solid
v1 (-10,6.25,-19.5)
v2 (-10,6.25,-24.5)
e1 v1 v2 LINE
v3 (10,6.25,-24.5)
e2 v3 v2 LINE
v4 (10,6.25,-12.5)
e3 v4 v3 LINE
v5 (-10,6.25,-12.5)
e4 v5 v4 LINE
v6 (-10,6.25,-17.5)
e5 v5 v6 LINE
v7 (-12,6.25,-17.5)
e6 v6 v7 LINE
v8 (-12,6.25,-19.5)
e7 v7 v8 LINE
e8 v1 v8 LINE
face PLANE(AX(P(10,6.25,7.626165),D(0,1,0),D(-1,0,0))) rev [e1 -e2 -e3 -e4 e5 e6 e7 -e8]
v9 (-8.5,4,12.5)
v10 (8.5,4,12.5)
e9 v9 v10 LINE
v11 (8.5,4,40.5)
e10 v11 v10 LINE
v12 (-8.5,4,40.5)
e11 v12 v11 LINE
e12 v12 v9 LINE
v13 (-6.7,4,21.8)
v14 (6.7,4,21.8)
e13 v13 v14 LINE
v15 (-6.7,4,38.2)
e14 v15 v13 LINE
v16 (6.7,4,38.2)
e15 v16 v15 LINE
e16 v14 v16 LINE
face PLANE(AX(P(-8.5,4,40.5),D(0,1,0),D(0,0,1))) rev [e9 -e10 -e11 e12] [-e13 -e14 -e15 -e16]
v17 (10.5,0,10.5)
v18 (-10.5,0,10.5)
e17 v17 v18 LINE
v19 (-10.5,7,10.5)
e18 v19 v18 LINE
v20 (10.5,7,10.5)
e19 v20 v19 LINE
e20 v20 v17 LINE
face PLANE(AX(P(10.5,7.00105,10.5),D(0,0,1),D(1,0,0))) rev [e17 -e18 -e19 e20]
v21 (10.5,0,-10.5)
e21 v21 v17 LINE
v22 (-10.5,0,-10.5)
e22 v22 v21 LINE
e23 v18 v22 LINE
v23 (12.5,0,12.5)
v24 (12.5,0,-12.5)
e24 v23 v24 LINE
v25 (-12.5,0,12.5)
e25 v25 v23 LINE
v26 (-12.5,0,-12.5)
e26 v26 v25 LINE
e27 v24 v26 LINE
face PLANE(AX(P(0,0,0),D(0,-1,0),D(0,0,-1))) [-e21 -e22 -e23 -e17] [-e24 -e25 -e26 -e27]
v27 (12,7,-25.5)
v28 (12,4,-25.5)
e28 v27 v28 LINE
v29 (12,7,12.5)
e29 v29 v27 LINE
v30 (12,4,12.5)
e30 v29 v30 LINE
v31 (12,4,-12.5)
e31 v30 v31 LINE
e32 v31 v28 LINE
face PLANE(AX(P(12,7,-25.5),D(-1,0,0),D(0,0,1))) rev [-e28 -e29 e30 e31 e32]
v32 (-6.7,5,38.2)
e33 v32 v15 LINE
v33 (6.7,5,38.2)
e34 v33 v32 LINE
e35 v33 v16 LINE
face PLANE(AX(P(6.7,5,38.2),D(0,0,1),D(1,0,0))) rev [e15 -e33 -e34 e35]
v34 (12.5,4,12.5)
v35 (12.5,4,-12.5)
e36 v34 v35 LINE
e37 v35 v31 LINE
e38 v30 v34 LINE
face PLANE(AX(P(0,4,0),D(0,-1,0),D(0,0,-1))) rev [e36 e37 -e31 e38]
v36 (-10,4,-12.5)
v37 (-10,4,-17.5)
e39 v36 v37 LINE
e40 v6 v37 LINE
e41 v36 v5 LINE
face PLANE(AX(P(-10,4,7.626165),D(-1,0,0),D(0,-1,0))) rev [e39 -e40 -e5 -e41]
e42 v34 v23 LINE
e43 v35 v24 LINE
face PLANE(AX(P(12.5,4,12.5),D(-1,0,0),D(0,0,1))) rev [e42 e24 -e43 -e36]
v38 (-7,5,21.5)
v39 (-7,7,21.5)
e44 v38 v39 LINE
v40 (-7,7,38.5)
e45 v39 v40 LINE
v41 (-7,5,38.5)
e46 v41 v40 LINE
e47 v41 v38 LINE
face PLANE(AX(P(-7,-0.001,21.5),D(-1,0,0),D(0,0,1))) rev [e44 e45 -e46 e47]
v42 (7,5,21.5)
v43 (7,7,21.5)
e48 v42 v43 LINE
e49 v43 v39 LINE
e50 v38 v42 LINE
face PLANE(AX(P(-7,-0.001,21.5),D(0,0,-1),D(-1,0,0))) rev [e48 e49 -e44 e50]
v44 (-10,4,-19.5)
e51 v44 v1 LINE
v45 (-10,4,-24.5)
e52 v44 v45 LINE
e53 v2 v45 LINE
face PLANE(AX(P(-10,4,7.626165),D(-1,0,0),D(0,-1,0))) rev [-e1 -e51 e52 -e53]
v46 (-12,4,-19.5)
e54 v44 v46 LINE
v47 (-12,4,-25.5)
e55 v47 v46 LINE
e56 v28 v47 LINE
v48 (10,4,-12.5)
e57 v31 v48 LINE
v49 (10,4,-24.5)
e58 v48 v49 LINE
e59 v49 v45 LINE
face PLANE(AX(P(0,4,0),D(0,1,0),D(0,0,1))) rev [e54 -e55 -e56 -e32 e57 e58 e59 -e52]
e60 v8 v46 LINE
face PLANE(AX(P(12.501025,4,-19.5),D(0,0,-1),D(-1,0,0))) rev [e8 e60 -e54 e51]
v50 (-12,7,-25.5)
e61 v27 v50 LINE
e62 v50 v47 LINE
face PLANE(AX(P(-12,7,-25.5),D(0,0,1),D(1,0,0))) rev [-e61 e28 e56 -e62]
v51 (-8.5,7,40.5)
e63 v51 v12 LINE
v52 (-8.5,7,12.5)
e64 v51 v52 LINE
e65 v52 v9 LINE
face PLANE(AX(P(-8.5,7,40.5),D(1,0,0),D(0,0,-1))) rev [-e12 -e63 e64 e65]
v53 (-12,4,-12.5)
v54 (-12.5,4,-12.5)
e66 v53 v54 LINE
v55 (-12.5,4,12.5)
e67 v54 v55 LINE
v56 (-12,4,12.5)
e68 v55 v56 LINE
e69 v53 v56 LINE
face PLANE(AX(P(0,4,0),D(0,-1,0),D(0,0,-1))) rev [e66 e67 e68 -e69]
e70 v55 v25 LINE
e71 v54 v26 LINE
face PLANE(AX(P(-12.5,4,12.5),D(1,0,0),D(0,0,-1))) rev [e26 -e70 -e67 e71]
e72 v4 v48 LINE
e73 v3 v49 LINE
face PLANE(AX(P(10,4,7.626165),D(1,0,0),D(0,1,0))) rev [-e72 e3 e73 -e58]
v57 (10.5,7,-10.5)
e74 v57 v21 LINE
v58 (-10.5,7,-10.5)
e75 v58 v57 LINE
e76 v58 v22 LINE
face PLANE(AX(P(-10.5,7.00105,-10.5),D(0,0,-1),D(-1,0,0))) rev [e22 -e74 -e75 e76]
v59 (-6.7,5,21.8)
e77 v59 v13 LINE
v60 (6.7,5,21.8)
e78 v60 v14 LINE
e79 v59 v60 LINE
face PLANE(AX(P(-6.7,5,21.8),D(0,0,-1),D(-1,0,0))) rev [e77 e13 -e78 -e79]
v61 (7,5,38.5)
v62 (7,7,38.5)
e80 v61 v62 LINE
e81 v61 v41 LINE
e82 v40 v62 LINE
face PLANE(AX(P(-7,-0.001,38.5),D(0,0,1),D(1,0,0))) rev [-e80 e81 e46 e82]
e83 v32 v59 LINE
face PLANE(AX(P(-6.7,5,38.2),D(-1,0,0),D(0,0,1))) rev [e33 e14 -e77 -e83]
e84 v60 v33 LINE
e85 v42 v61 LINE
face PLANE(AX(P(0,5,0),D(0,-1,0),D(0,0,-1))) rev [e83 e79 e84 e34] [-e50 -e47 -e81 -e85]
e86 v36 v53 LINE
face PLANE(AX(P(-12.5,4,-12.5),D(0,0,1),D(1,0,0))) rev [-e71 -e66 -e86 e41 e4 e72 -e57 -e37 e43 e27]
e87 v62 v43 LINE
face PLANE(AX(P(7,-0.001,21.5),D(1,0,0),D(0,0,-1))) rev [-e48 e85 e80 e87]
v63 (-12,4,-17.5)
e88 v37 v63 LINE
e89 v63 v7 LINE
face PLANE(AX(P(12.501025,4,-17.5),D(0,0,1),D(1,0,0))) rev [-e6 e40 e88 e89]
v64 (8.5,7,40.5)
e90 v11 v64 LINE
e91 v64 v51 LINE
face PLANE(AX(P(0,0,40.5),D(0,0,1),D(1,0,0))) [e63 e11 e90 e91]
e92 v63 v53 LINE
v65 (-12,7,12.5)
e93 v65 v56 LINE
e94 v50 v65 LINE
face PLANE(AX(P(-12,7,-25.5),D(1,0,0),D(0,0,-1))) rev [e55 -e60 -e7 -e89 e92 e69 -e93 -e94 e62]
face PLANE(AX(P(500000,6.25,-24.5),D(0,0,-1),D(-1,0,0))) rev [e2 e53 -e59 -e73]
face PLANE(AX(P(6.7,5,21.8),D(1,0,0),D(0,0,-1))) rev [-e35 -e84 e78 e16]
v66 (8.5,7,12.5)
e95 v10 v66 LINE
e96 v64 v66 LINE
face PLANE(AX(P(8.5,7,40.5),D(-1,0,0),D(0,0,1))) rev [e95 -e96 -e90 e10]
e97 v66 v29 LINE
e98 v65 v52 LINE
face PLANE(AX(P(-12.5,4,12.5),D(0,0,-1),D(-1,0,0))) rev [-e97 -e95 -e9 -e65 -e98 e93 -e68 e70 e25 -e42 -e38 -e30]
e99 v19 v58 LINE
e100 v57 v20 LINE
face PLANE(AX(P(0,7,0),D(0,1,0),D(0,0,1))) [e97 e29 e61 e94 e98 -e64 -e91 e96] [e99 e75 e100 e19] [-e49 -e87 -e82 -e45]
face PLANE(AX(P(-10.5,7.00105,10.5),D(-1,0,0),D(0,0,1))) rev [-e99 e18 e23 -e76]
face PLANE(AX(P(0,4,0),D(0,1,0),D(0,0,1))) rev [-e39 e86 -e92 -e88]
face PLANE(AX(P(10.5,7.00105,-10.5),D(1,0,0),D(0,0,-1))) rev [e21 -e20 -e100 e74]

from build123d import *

# Parameters (mm, degrees)
SKETCH1_W           = 25
SKETCH1_H           = 25
BOSS_EXTRUDE1_DEPTH = 4
SKETCH2_W           = 24
SKETCH2_H           = 38
BOSS_EXTRUDE2_DEPTH = 3
SKETCH3_W           = 20
SKETCH3_H           = 2.25
CUT_EXTRUDE1_DEPTH  = 13
SKETCH4_W           = 17
SKETCH4_H           = 3
BOSS_EXTRUDE3_DEPTH = 28
CUT_EXTRUDE2_REACH  = 44.959
SKETCH5_W           = 14
SKETCH5_H           = 17
BOSS_EXTRUDE4_REACH = 48.856
SKETCH6_W           = 1
SKETCH6_H           = 2.25
CUT_EXTRUDE3_REACH  = 49.849
SKETCH7_W           = 2
SKETCH7_H           = 2.25
CUT_EXTRUDE4_REACH  = 44.959
SKETCH9_W           = 21
SKETCH9_H           = 21
SKETCH11_W          = 14
SKETCH11_H          = 17
SKETCH11_W_2        = 13.4
SKETCH11_H_2        = 16.4
BOSS_EXTRUDE5_DEPTH = 1


with BuildPart() as part:
    # Sketch1 → Boss-Extrude1 (new body)
    with BuildSketch(Plane(origin=(0, 0, 0), x_dir=(1, 0, 0), z_dir=(0, 1, 0))):
        Rectangle(SKETCH1_W, SKETCH1_H)
    extrude(amount=BOSS_EXTRUDE1_DEPTH)

    # Sketch2 → Boss-Extrude2 (add)
    with BuildSketch(Plane(origin=(0, 4, 0), x_dir=(1, 0, 0), z_dir=(0, 1, 0))):
        with Locations((0, 6.5)):
            Rectangle(SKETCH2_W, SKETCH2_H)
    extrude(amount=BOSS_EXTRUDE2_DEPTH)

    # Sketch3 → Cut-Extrude1 (cut)
    with BuildSketch(Plane(origin=(0, 0, -25.5), x_dir=(-1, 0, 0), z_dir=(0, 0, -1))):
        with Locations((0, 5.125)):
            Rectangle(SKETCH3_W, SKETCH3_H)
    extrude(amount=-CUT_EXTRUDE1_DEPTH, mode=Mode.SUBTRACT)

    # Sketch4 → Boss-Extrude3 (add)
    with BuildSketch(Plane.XY.offset(12.5)):
        with Locations((0, 5.5)):
            Rectangle(SKETCH4_W, SKETCH4_H)
    extrude(amount=BOSS_EXTRUDE3_DEPTH)

    # Sketch5 → Cut-Extrude2 (cut, up to next)
    with BuildSketch(Plane(origin=(0, 7, 0), x_dir=(1, 0, 0), z_dir=(0, 1, 0)), mode=Mode.PRIVATE) as cut_extrude2_sk1:
        with Locations((0, -30)):
            Rectangle(SKETCH5_W, SKETCH5_H)
    cut_extrude2_tool1 = extrude(cut_extrude2_sk1.sketch, amount=-CUT_EXTRUDE2_REACH, mode=Mode.PRIVATE) & part.part
    add(cut_extrude2_tool1.solids().sort_by_distance((0, 7, 30))[0], mode=Mode.SUBTRACT)

    # Sketch6 → Boss-Extrude4 (add, up to next)
    with BuildSketch(Plane(origin=(-10, 0, 0), x_dir=(0, 0, -1), z_dir=(1, 0, 0)), mode=Mode.PRIVATE) as boss_extrude4_sk1:
        with Locations((25, 5.125)):
            Rectangle(SKETCH6_W, SKETCH6_H)
    boss_extrude4_tool1 = extrude(boss_extrude4_sk1.sketch, amount=BOSS_EXTRUDE4_REACH, mode=Mode.PRIVATE) - part.part
    add(boss_extrude4_tool1.solids().sort_by_distance((-10, 5.125, -25))[0])

    # Sketch7 → Cut-Extrude3 (cut, up to next)
    with BuildSketch(Plane.ZY.offset(12), mode=Mode.PRIVATE) as cut_extrude3_sk1:
        with Locations((-18.5, 5.125)):
            Rectangle(SKETCH7_W, SKETCH7_H)
    cut_extrude3_tool1 = extrude(cut_extrude3_sk1.sketch, amount=-CUT_EXTRUDE3_REACH, mode=Mode.PRIVATE) & part.part
    add(cut_extrude3_tool1.solids().sort_by_distance((-12, 5.125, -18.5))[0], mode=Mode.SUBTRACT)

    # Sketch9 → Cut-Extrude4 (cut, up to next)
    with BuildSketch(Plane.XZ, mode=Mode.PRIVATE) as cut_extrude4_sk1:
        Rectangle(SKETCH9_W, SKETCH9_H)
    cut_extrude4_tool1 = extrude(cut_extrude4_sk1.sketch, amount=-CUT_EXTRUDE4_REACH, mode=Mode.PRIVATE) & part.part
    add(cut_extrude4_tool1.solids().sort_by_distance((0, 0, 0))[0], mode=Mode.SUBTRACT)

    # Sketch11 → Boss-Extrude5 (add)
    with BuildSketch(Plane.XZ.offset(-4)):
        with Locations((0, 30)):
            Rectangle(SKETCH11_W, SKETCH11_H)
        with Locations((0, 30)):
            Rectangle(SKETCH11_W_2, SKETCH11_H_2, mode=Mode.SUBTRACT)
    extrude(amount=-BOSS_EXTRUDE5_DEPTH)


solid = part.part
